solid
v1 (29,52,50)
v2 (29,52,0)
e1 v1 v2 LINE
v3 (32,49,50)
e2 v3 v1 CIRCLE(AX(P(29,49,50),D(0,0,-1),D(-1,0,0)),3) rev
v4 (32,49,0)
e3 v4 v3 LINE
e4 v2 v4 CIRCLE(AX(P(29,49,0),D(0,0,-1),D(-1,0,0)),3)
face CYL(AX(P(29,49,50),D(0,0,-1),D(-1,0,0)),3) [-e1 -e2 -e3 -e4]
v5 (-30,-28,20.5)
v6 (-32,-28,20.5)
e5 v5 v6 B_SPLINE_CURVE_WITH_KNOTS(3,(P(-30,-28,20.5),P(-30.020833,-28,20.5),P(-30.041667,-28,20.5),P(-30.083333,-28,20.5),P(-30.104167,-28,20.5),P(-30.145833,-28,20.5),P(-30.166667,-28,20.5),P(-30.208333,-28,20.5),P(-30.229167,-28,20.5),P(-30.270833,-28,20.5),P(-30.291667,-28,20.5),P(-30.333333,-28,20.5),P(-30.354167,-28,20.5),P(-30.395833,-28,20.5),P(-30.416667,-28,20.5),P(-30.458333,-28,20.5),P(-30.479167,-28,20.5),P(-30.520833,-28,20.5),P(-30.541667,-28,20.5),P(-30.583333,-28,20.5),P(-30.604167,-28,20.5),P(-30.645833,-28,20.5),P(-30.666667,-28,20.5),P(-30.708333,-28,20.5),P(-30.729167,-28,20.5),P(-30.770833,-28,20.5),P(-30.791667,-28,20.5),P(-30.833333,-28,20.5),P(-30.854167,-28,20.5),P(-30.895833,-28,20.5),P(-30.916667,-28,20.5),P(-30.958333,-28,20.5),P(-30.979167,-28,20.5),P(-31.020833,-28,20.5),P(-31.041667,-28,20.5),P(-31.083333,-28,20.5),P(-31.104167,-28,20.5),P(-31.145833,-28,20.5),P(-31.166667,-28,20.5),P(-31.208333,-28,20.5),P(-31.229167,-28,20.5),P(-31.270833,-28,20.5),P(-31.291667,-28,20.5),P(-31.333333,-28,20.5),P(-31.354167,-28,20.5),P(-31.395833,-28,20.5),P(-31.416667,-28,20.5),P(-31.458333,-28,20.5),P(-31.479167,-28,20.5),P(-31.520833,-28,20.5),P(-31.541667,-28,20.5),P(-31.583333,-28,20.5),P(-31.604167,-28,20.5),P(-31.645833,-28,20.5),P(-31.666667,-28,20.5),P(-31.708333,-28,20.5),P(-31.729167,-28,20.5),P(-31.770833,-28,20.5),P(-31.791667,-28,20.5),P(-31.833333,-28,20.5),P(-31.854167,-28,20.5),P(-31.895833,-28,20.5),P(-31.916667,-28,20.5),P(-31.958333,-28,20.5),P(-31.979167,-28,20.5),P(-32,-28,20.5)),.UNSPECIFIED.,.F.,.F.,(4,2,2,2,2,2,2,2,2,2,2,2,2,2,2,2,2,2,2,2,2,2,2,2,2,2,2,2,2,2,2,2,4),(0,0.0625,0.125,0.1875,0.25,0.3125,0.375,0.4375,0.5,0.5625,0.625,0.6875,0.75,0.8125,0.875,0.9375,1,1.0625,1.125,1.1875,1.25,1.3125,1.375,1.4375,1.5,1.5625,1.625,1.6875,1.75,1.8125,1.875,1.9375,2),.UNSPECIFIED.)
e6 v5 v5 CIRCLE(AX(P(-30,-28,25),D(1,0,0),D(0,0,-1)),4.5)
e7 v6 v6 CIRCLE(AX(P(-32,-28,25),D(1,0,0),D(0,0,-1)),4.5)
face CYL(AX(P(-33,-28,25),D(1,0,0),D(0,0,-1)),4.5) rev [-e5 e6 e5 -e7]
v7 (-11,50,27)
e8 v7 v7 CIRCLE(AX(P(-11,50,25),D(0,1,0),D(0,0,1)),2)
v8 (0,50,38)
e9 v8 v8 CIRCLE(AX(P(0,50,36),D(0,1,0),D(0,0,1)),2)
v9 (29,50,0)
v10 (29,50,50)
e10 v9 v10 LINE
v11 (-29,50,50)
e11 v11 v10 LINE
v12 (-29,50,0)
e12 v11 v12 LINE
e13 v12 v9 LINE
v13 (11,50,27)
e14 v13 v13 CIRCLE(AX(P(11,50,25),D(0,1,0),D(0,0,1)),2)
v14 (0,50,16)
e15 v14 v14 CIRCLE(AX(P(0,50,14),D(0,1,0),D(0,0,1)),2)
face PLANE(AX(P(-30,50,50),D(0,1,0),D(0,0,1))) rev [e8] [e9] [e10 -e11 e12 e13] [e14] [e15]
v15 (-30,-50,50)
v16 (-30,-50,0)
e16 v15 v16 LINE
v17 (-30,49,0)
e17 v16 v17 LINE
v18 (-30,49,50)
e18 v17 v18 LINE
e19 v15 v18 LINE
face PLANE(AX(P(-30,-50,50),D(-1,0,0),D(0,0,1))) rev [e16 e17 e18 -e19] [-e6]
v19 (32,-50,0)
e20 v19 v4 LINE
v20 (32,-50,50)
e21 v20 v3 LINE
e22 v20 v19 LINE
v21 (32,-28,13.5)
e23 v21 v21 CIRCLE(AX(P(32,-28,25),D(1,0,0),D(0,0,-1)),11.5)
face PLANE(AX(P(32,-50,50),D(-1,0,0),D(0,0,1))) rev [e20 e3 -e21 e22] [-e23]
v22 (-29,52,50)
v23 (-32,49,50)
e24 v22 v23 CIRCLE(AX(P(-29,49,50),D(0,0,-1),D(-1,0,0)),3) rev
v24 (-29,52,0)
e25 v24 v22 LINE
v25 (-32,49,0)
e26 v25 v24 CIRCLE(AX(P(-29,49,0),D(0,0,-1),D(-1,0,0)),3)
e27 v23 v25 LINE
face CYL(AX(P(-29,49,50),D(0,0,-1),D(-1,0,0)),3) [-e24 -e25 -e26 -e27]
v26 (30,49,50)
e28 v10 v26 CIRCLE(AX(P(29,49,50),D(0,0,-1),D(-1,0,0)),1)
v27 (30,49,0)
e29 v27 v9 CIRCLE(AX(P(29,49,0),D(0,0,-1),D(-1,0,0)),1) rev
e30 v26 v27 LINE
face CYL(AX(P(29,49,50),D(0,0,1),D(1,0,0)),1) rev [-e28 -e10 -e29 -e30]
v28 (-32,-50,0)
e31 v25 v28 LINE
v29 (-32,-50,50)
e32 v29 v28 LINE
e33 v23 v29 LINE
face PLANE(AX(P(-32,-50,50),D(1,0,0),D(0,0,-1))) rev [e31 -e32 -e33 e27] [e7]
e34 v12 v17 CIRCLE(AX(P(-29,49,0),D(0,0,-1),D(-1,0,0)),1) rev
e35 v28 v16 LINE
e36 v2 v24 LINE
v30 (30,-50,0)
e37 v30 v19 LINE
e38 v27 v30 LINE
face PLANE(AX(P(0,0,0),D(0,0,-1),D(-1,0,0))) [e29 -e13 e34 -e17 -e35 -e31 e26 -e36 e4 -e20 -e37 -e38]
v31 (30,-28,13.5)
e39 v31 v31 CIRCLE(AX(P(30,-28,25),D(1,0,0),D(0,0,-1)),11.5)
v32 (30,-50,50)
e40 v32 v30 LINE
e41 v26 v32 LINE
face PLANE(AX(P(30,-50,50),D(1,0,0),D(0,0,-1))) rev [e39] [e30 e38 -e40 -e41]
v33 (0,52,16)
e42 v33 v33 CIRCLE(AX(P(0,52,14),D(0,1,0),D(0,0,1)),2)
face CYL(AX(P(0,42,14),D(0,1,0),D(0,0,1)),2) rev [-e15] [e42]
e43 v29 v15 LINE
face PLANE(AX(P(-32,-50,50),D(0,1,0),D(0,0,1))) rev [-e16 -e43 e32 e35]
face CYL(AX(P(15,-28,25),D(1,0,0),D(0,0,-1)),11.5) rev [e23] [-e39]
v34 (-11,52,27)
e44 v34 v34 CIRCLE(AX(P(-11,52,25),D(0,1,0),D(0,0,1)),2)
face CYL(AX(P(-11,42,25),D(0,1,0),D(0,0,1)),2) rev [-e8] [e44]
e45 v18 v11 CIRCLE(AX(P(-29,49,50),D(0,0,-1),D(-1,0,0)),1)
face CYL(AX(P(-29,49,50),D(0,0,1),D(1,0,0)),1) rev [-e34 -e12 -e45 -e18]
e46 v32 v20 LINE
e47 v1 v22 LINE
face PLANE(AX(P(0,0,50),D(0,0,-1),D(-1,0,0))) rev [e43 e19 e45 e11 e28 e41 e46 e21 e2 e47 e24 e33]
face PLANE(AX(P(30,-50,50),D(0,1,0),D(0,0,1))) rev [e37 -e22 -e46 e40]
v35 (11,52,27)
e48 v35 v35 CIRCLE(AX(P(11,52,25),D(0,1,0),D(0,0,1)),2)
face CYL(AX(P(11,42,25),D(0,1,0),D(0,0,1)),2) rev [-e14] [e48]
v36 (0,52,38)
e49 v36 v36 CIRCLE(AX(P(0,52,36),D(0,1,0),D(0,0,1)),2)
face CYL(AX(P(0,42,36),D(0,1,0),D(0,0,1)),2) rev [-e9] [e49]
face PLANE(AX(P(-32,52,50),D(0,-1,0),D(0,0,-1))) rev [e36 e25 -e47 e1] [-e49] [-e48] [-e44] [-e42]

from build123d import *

# Parameters (mm, degrees)
BOSS_EXTRUDE1_DEPTH = 50
FILLET1_R           = 1
FILLET2_R           = 3
SKETCH2_R           = 2
CUT_EXTRUDE1_DEPTH  = 10
SKETCH4_R           = 11.5
CUT_EXTRUDE3_DEPTH  = 17
SKETCH5_R           = 4.5
CUT_EXTRUDE4_DEPTH  = 3


with BuildPart() as part:
    # Sketch1 → Boss-Extrude1 (new body)
    with BuildSketch(Plane.XY):
        Polygon((-32, -50), (-32, 52), (32, 52), (32, -50), (30, -50), (30, 50), (-30, 50), (-30, -50), align=None)
    extrude(amount=BOSS_EXTRUDE1_DEPTH)

    # Fillet1
    fillet1_edges = [part.edges().sort_by_distance(p)[0] for p in [
        (30, 50, 25),
        (-30, 50, 25),
    ]]
    fillet(fillet1_edges, radius=FILLET1_R)

    # Fillet2
    fillet2_edges = [part.edges().sort_by_distance(p)[0] for p in [
        (-32, 52, 25),
        (32, 52, 25),
    ]]
    fillet(fillet2_edges, radius=FILLET2_R)

    # Sketch2 → Cut-Extrude1 (cut)
    with BuildSketch(Plane(origin=(0, 52, 0), x_dir=(1, 0, 0), z_dir=(0, 1, 0))):
        with Locations(Location((0, -14, 0), (0, 0, 270))):
            Circle(SKETCH2_R)
        with Locations(Location((11, -25, 0), (0, 0, 270))):
            Circle(SKETCH2_R)
        with Locations(Location((0, -36, 0), (0, 0, 270))):
            Circle(SKETCH2_R)
        with Locations(Location((-11, -25, 0), (0, 0, 270))):
            Circle(SKETCH2_R)
    extrude(amount=-CUT_EXTRUDE1_DEPTH, mode=Mode.SUBTRACT)

    # Sketch4 → Cut-Extrude3 (cut)
    with BuildSketch(Plane(origin=(32, 0, 0), x_dir=(0, 0, -1), z_dir=(1, 0, 0))):
        with Locations((-25, -28)):
            Circle(SKETCH4_R)
    extrude(amount=-CUT_EXTRUDE3_DEPTH, mode=Mode.SUBTRACT)

    # Sketch5 → Cut-Extrude4 (cut)
    with BuildSketch(Plane(origin=(-30, 0, 0), x_dir=(0, 0, -1), z_dir=(1, 0, 0))):
        with Locations((-25, -28)):
            Circle(SKETCH5_R)
    extrude(amount=-CUT_EXTRUDE4_DEPTH, mode=Mode.SUBTRACT)


solid = part.part
